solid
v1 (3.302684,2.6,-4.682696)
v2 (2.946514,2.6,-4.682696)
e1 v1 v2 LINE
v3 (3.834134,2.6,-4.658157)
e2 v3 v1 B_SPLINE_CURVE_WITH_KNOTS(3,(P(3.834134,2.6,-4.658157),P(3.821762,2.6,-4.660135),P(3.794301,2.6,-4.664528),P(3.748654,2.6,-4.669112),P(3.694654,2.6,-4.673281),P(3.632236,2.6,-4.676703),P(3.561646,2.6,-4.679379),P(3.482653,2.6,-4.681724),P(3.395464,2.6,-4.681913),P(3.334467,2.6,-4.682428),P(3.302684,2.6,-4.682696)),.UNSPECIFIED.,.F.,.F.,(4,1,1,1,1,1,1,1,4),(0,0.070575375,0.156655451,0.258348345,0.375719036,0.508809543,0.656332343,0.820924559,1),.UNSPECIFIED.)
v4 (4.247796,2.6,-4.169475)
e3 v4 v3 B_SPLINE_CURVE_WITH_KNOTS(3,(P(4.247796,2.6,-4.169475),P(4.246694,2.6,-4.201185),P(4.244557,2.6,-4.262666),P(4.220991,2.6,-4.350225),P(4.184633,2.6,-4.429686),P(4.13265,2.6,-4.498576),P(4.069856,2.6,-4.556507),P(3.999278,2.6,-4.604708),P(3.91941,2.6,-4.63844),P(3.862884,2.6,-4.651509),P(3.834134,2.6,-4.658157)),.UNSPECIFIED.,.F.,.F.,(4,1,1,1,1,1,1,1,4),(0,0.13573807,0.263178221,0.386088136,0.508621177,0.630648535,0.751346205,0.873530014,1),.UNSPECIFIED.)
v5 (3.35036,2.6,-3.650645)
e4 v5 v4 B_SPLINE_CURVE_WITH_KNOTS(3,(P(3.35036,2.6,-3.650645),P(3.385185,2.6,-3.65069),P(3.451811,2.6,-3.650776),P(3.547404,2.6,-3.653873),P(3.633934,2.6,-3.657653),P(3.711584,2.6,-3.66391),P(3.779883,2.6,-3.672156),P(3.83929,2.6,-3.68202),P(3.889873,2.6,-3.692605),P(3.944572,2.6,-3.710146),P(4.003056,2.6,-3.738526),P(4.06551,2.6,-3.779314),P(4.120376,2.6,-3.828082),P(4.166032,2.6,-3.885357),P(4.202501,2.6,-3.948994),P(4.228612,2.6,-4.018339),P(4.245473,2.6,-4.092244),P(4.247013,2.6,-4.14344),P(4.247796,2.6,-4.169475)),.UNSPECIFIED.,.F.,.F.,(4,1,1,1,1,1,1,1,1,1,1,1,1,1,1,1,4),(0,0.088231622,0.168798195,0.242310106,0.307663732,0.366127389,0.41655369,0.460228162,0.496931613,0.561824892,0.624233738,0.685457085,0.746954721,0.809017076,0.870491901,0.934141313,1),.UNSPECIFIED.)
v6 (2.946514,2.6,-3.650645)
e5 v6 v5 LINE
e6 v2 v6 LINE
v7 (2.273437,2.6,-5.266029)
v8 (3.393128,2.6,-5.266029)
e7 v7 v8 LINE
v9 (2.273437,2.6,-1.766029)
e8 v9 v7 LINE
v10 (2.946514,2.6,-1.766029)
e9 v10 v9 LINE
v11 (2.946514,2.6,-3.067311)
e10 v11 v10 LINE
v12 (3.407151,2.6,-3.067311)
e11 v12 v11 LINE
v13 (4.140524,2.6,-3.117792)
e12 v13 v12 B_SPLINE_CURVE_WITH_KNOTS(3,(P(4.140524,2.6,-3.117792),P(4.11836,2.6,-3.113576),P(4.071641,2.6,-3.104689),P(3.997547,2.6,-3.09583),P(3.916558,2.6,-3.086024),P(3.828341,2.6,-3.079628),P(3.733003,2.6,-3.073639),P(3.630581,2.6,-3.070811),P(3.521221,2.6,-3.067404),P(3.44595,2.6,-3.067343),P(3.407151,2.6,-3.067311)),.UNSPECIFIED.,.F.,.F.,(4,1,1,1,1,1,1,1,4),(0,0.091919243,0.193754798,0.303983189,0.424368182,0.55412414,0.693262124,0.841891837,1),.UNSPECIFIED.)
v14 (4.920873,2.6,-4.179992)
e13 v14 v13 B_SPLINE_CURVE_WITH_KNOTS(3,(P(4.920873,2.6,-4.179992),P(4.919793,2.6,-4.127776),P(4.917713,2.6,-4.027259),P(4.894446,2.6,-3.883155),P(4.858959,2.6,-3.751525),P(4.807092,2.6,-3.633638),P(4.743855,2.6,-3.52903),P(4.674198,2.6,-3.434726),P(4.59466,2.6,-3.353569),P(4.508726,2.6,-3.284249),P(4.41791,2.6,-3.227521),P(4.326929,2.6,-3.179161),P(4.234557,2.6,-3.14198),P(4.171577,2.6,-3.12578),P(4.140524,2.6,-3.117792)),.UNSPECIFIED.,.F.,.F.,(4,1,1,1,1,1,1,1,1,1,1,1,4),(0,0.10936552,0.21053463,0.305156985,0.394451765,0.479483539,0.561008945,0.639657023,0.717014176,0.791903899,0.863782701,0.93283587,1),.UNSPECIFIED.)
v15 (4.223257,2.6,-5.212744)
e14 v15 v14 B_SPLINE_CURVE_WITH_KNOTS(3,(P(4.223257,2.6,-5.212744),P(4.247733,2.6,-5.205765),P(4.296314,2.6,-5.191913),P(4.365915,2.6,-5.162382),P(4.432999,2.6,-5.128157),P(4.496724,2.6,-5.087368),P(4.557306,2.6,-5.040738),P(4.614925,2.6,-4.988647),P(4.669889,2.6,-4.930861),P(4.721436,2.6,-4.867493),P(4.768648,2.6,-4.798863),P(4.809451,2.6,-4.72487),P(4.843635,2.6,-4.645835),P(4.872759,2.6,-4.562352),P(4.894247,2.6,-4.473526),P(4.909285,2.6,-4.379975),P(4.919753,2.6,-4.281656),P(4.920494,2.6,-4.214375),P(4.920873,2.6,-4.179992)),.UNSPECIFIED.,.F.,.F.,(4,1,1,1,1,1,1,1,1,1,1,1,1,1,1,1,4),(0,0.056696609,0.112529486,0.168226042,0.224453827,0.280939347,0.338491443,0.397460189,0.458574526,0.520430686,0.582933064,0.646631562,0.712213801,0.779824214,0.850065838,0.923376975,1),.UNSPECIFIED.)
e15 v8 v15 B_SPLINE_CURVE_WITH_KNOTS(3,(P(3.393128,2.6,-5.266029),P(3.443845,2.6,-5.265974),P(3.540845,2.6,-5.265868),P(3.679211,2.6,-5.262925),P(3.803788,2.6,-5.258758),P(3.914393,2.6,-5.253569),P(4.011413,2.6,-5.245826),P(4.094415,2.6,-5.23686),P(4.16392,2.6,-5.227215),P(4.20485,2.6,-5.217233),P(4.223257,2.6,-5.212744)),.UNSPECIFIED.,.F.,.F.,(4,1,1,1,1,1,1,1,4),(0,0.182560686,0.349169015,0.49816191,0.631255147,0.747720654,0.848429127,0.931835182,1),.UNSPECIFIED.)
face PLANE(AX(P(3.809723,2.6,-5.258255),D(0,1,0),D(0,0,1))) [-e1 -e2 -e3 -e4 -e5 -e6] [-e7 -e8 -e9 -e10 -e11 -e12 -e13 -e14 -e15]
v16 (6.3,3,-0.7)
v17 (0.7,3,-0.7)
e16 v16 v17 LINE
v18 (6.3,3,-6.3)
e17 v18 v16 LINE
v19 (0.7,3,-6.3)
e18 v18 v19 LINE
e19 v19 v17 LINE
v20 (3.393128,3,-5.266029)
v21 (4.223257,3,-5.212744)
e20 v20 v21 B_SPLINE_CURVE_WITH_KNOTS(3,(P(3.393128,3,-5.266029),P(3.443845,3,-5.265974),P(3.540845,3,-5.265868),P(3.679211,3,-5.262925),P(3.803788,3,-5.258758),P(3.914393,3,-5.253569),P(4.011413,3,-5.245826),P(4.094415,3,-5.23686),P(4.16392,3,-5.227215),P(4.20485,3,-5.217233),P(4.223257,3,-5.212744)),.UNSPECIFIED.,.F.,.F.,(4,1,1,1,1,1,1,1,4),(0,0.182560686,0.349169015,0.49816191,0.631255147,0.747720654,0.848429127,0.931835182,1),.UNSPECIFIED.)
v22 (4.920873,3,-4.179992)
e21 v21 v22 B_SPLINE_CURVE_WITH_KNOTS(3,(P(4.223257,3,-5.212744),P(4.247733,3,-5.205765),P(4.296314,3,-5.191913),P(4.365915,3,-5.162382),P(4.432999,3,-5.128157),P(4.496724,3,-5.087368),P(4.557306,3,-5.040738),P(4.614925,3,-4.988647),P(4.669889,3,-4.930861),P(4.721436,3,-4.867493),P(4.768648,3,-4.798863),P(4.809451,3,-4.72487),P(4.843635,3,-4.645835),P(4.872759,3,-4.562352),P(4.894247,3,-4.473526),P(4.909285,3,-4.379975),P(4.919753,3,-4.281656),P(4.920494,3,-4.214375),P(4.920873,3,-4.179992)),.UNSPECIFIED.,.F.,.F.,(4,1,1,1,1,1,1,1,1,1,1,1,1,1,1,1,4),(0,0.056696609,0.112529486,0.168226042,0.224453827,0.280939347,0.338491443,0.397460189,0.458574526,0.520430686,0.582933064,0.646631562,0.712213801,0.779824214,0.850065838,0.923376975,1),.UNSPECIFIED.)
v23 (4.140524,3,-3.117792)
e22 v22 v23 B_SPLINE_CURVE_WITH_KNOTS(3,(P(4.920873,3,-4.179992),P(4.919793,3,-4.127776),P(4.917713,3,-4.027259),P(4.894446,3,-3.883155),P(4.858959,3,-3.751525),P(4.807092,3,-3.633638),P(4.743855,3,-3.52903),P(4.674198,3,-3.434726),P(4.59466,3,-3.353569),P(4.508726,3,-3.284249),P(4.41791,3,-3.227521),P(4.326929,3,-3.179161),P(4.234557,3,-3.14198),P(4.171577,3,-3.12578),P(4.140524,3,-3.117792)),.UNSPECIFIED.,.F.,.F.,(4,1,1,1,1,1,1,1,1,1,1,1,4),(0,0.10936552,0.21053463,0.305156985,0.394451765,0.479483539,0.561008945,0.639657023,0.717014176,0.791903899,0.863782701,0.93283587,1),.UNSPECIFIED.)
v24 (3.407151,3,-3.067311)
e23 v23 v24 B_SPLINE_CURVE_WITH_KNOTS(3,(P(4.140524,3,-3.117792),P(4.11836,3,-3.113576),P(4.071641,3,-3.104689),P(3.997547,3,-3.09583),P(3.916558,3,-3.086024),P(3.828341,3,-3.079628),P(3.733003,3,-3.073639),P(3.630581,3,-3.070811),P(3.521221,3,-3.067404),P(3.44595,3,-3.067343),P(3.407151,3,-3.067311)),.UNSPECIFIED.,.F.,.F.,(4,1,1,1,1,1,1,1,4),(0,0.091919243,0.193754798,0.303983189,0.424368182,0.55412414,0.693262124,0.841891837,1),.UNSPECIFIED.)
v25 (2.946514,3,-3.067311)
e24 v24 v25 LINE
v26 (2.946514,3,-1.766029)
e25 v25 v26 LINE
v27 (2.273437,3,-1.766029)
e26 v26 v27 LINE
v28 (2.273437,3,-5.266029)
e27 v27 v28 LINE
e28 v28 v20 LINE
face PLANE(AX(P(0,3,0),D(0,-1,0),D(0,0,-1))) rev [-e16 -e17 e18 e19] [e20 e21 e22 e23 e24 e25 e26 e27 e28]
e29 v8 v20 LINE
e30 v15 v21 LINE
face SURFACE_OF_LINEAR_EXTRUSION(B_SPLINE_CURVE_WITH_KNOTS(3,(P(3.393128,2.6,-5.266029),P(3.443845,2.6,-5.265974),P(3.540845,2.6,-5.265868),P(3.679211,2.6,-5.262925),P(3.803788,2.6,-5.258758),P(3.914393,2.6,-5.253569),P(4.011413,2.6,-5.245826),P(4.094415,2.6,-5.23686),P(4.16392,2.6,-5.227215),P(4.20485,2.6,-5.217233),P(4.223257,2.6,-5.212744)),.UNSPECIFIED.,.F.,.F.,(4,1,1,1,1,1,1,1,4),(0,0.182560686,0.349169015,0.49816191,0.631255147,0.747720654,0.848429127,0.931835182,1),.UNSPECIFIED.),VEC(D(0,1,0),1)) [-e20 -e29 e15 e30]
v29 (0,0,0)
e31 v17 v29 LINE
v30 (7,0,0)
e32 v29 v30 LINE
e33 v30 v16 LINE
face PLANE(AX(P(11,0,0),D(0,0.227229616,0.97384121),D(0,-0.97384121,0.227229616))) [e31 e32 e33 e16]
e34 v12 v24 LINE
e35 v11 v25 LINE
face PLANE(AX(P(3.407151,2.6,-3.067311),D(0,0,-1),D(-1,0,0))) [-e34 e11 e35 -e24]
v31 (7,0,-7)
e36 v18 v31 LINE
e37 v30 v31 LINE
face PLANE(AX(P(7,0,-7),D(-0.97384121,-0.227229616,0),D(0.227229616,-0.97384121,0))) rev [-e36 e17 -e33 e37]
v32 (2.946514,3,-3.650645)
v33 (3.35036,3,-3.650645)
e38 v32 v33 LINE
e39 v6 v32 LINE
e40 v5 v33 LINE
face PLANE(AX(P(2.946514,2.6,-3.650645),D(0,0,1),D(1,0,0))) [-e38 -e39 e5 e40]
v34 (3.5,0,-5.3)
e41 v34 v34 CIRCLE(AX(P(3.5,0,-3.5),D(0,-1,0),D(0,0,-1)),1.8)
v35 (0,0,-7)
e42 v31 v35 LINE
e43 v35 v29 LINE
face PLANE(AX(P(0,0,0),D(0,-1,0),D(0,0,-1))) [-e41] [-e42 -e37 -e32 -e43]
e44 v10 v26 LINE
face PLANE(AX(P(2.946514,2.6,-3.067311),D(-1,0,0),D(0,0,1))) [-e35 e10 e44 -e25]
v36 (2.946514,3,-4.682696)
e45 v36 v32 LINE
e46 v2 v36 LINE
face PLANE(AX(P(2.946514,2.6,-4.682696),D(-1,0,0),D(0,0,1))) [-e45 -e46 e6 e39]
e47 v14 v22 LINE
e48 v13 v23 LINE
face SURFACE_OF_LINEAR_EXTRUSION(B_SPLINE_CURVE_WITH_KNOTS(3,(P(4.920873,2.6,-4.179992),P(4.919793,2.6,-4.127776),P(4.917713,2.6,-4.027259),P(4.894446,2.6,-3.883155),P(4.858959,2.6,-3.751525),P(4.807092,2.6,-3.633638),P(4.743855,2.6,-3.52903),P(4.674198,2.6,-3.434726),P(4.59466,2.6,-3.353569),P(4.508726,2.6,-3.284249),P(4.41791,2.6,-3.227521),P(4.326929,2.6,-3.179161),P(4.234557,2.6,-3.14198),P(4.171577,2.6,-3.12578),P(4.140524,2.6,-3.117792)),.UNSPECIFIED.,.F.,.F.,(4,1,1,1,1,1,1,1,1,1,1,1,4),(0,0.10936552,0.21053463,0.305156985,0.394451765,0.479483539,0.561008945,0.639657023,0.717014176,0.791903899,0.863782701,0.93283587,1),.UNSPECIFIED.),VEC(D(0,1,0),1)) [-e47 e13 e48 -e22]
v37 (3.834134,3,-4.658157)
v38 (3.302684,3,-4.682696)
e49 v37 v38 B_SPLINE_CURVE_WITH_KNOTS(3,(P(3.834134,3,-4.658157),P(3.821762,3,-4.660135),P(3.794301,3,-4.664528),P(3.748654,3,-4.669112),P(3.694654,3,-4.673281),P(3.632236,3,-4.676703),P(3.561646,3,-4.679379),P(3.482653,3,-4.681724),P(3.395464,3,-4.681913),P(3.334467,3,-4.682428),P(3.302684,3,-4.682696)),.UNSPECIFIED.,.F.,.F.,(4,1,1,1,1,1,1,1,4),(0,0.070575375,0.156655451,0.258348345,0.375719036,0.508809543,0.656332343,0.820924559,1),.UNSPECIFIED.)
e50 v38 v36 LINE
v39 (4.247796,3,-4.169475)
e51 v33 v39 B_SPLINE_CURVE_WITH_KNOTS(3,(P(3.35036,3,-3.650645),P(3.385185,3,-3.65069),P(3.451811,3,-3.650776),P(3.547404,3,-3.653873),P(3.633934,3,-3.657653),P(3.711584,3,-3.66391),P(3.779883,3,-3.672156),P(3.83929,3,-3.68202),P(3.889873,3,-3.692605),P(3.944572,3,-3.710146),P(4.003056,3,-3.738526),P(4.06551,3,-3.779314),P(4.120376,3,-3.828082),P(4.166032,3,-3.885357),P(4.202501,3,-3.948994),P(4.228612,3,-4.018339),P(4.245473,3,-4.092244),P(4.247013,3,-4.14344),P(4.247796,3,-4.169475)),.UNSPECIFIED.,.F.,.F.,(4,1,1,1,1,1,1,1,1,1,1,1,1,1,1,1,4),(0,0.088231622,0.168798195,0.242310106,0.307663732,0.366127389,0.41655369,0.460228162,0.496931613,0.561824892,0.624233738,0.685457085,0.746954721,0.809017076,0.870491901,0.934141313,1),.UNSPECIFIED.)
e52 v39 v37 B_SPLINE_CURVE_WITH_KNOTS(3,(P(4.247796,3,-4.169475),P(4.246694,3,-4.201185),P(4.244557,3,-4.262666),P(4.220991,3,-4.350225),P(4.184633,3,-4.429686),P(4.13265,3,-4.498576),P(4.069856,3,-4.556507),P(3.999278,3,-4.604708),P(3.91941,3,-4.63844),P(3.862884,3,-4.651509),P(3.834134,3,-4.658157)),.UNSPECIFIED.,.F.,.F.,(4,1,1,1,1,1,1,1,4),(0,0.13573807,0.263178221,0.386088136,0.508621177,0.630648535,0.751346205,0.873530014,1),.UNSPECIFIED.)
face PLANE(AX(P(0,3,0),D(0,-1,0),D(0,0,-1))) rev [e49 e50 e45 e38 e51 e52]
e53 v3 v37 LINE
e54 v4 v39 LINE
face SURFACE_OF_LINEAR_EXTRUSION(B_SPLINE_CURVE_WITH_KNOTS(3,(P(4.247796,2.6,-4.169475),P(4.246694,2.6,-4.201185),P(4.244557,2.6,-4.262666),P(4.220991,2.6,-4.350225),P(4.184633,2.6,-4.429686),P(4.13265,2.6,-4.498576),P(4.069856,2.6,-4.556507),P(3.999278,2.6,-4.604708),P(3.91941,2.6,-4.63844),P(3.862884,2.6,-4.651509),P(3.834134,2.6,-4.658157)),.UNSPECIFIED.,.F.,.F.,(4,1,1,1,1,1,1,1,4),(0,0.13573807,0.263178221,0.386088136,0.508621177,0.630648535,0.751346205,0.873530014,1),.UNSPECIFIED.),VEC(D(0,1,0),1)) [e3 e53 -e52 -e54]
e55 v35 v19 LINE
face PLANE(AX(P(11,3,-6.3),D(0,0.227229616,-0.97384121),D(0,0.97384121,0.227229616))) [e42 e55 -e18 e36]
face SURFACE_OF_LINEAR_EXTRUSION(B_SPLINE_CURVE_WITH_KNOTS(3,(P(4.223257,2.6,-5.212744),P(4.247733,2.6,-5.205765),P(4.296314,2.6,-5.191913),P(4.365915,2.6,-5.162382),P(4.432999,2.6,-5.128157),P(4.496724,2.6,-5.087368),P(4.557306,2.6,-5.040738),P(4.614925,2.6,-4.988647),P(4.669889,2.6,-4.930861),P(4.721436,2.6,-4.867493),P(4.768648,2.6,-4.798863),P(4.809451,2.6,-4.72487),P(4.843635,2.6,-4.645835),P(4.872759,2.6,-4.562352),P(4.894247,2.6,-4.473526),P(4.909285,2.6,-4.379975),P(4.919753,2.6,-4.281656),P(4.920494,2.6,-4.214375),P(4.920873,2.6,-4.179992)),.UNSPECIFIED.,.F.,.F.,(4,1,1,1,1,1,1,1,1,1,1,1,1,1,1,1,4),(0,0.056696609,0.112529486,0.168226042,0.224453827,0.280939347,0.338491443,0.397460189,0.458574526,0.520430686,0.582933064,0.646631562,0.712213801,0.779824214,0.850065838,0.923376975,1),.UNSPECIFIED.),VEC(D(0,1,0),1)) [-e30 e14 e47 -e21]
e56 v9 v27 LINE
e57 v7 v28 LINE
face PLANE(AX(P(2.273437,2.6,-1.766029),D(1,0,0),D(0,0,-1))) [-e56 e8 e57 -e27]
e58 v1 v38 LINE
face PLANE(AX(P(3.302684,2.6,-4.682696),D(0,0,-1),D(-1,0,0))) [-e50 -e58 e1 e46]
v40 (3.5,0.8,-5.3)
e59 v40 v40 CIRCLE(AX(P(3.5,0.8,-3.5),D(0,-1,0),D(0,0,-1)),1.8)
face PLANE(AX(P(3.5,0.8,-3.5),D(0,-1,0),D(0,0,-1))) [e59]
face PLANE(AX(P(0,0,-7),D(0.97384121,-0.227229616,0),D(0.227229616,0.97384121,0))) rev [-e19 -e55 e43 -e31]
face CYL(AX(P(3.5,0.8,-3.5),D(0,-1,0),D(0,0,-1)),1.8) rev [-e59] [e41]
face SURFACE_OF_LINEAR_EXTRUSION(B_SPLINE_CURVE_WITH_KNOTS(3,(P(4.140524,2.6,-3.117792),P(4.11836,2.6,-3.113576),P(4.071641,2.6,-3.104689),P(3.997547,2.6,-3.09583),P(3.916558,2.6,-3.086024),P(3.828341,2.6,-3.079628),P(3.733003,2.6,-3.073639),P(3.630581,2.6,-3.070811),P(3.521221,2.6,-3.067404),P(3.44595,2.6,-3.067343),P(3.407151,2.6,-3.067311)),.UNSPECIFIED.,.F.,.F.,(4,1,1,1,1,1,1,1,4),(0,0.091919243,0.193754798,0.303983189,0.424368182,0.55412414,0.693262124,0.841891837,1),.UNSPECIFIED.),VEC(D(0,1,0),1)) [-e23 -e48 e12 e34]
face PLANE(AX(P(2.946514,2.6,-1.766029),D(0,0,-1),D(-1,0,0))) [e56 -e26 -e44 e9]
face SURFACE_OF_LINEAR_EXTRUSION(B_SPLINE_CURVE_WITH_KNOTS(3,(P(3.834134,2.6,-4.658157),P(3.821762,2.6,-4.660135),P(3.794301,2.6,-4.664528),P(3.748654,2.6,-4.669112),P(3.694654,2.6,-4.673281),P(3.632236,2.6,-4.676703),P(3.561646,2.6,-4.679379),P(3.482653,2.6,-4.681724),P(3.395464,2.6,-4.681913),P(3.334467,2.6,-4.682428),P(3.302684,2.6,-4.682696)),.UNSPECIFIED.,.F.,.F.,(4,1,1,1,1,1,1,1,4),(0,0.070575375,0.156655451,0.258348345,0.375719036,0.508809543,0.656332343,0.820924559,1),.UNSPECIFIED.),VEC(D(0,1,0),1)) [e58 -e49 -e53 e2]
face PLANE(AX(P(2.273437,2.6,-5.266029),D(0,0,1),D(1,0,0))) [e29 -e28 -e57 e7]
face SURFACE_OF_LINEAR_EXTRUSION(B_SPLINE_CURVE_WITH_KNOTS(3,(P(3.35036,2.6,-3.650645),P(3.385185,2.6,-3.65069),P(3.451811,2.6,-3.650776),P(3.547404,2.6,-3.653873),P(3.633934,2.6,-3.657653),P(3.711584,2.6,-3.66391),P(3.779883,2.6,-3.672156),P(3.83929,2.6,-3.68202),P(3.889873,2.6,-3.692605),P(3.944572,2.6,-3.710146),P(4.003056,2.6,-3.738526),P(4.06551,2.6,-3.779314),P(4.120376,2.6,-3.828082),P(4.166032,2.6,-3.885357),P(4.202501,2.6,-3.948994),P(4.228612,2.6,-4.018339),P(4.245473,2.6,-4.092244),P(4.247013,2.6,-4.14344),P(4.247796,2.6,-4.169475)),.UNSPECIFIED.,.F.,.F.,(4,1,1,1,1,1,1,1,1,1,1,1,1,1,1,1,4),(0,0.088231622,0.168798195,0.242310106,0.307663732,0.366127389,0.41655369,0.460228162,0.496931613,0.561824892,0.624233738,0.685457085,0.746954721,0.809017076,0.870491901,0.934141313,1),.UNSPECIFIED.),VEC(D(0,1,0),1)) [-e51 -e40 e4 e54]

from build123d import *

# Parameters (mm, degrees)
SKETCH1_W           = 7
SKETCH1_H           = 7
BOSS_EXTRUDE1_DEPTH = 3
CUT_EXTRUDE1_DEPTH  = 7
CUT_EXTRUDE2_DEPTH  = 11
SKETCH4_R           = 1.8
CUT_EXTRUDE3_DEPTH  = 0.8
CUT_EXTRUDE4_DEPTH  = 0.4


with BuildPart() as part:
    # Sketch1 → Boss-Extrude1 (new body)
    with BuildSketch(Plane(origin=(0, 0, 0), x_dir=(1, 0, 0), z_dir=(0, 1, 0))):
        with Locations((3.5, 3.5)):
            Rectangle(SKETCH1_W, SKETCH1_H)
    extrude(amount=BOSS_EXTRUDE1_DEPTH)

    # Sketch2 → Cut-Extrude1 (cut)
    with BuildSketch(Plane.XY):
        Polygon((0, 0), (0.7, 3), (0, 3), align=None)
        Polygon((7, 0), (6.3, 3), (7, 3), align=None)
    extrude(amount=-CUT_EXTRUDE1_DEPTH, mode=Mode.SUBTRACT)

    # Sketch3 → Cut-Extrude2 (cut)
    with BuildSketch(Plane(origin=(0, 0, 0), x_dir=(0, 0, -1), z_dir=(1, 0, 0))):
        Polygon((0, 0), (0.7, 3), (0, 3), align=None)
        Polygon((7, 3), (6.3, 3), (7, 0), align=None)
    extrude(amount=CUT_EXTRUDE2_DEPTH, mode=Mode.SUBTRACT)

    # Sketch4 → Cut-Extrude3 (cut)
    with BuildSketch(Plane.XZ):
        with Locations(Location((3.5, -3.5, 0), (0, 0, 270))):
            Circle(SKETCH4_R)
    extrude(amount=-CUT_EXTRUDE3_DEPTH, mode=Mode.SUBTRACT)

    # Sketch5 → Cut-Extrude4 (cut)
    with BuildSketch(Plane(origin=(0, 3, 0), x_dir=(1, 0, 0), z_dir=(0, 1, 0))):
        with BuildLine():
            Line((2.273436966, 1.766029319), (2.273436966, 5.266029319))
            Line((2.273436966, 5.266029319), (3.393128472, 5.266029319))
            add(Edge.make_bspline(
                [(3.393128472, 5.266029319), (3.443844607, 5.265973935), (3.540845243, 5.265868005), (3.679210782, 5.262924846), (3.803788221, 5.25875848), (3.914392667, 5.253569447), (4.011413307, 5.245826414), (4.094414918, 5.236860098), (4.163920155, 5.227214721), (4.20484973, 5.217233046), (4.223256678, 5.212744063)],
                knots=[0, 0, 0, 0, 1.460485487, 2.793352117, 3.985295279, 5.050041172, 5.981765236, 6.787433016, 7.454681457, 8, 8, 8, 8], degree=3))
            add(Edge.make_bspline(
                [(4.223256678, 5.212744063), (4.247733441, 5.205764794), (4.296314082, 5.191912581), (4.365914991, 5.162381864), (4.432999247, 5.128157338), (4.496724006, 5.087367889), (4.55730589, 5.040737674), (4.614924976, 4.988646969), (4.669888538, 4.930860625), (4.721436225, 4.867492795), (4.768647843, 4.798863014), (4.809450543, 4.724869813), (4.843634674, 4.645834805), (4.872758986, 4.562351928), (4.894247042, 4.473526111), (4.909284774, 4.379974525), (4.919752913, 4.281656252), (4.920494089, 4.214375246), (4.920872863, 4.179991659)],
                knots=[0, 0, 0, 0, 0.907145743, 1.80047177, 2.69161667, 3.591261238, 4.495029544, 5.415863088, 6.359363025, 7.337192411, 8.326890979, 9.326929023, 10.346104993, 11.395420813, 12.477187422, 13.601053412, 14.774031606, 16, 16, 16, 16], degree=3))
            add(Edge.make_bspline(
                [(4.920872863, 4.179991659), (4.919792601, 4.127776273), (4.917713038, 4.027258789), (4.894446409, 3.883154793), (4.858959078, 3.751525082), (4.807091778, 3.633637523), (4.743854765, 3.529029507), (4.674197894, 3.434725874), (4.594659983, 3.353569033), (4.508726287, 3.284249259), (4.417910076, 3.227520832), (4.326929468, 3.179160654), (4.234556815, 3.141979803), (4.171577346, 3.125779808), (4.140524306, 3.11779214)],
                knots=[0, 0, 0, 0, 1.312386234, 2.526415563, 3.661883817, 4.733421185, 5.753802465, 6.732107337, 7.675884281, 8.604170108, 9.50284679, 10.365392406, 11.194030444, 12, 12, 12, 12], degree=3))
            add(Edge.make_bspline(
                [(4.140524306, 3.11779214), (4.118360169, 3.113576), (4.071640813, 3.10468888), (3.997546708, 3.09583004), (3.916557837, 3.086024269), (3.828341085, 3.079628394), (3.733003173, 3.073638926), (3.63058112, 3.0708111), (3.521221299, 3.067404144), (3.44594969, 3.067342926), (3.407150908, 3.06731137)],
                knots=[0, 0, 0, 0, 0.735353946, 1.55003838, 2.431865514, 3.394945452, 4.432993119, 5.54609699, 6.735134699, 8, 8, 8, 8], degree=3))
            Line((3.407150908, 3.06731137), (2.946513889, 3.06731137))
            Line((2.946513889, 3.06731137), (2.946513889, 1.766029319))
            Line((2.946513889, 1.766029319), (2.273436966, 1.766029319))
        make_face()
        with BuildLine():
            Line((2.946513889, 4.682695986), (2.946513889, 3.650644704))
            Line((2.946513889, 3.650644704), (3.350360043, 3.650644704))
            add(Edge.make_bspline(
                [(3.350360043, 3.650644704), (3.385185484, 3.6506898), (3.451810934, 3.650776074), (3.547403676, 3.653872817), (3.633934317, 3.657652965), (3.711583659, 3.663909885), (3.779882991, 3.672156355), (3.839289696, 3.682020172), (3.889873011, 3.692605078), (3.94457198, 3.710145964), (4.003056114, 3.738525517), (4.065510296, 3.779314064), (4.120376221, 3.828081582), (4.166031944, 3.885357343), (4.202500757, 3.948994033), (4.228612454, 4.01833948), (4.245472753, 4.092244389), (4.247012787, 4.143440235), (4.24779594, 4.169474832)],
                knots=[0, 0, 0, 0, 1.411705958, 2.700771114, 3.876961699, 4.922619712, 5.858038221, 6.66485904, 7.363650596, 7.950905807, 8.989198271, 9.987739806, 10.967313358, 11.951275539, 12.944273208, 13.927870418, 14.946261014, 16, 16, 16, 16], degree=3))
            add(Edge.make_bspline(
                [(4.24779594, 4.169474832), (4.246693738, 4.201184565), (4.244556714, 4.262665556), (4.220991303, 4.350224748), (4.184632567, 4.429685776), (4.132649896, 4.498576249), (4.069856053, 4.556507472), (3.999278394, 4.604708309), (3.919409702, 4.638439621), (3.862884076, 4.65150926), (3.834134081, 4.658156723)],
                knots=[0, 0, 0, 0, 1.085904563, 2.105425768, 3.088705091, 4.068969419, 5.045188284, 6.010769642, 6.988240112, 8, 8, 8, 8], degree=3))
            add(Edge.make_bspline(
                [(3.834134081, 4.658156723), (3.821762302, 4.660135488), (3.794300788, 4.664527734), (3.748654162, 4.669111588), (3.694654197, 4.673280599), (3.6322358, 4.676703481), (3.561646383, 4.679379383), (3.482653109, 4.681724132), (3.395464024, 4.681912502), (3.334467378, 4.682427589), (3.302683761, 4.682695986)],
                knots=[0, 0, 0, 0, 0.564603001, 1.253243608, 2.066786758, 3.005752288, 4.070476343, 5.250658742, 6.567396469, 8, 8, 8, 8], degree=3))
            Line((3.302683761, 4.682695986), (2.946513889, 4.682695986))
        make_face(mode=Mode.SUBTRACT)
    extrude(amount=-CUT_EXTRUDE4_DEPTH, mode=Mode.SUBTRACT)


solid = part.part
